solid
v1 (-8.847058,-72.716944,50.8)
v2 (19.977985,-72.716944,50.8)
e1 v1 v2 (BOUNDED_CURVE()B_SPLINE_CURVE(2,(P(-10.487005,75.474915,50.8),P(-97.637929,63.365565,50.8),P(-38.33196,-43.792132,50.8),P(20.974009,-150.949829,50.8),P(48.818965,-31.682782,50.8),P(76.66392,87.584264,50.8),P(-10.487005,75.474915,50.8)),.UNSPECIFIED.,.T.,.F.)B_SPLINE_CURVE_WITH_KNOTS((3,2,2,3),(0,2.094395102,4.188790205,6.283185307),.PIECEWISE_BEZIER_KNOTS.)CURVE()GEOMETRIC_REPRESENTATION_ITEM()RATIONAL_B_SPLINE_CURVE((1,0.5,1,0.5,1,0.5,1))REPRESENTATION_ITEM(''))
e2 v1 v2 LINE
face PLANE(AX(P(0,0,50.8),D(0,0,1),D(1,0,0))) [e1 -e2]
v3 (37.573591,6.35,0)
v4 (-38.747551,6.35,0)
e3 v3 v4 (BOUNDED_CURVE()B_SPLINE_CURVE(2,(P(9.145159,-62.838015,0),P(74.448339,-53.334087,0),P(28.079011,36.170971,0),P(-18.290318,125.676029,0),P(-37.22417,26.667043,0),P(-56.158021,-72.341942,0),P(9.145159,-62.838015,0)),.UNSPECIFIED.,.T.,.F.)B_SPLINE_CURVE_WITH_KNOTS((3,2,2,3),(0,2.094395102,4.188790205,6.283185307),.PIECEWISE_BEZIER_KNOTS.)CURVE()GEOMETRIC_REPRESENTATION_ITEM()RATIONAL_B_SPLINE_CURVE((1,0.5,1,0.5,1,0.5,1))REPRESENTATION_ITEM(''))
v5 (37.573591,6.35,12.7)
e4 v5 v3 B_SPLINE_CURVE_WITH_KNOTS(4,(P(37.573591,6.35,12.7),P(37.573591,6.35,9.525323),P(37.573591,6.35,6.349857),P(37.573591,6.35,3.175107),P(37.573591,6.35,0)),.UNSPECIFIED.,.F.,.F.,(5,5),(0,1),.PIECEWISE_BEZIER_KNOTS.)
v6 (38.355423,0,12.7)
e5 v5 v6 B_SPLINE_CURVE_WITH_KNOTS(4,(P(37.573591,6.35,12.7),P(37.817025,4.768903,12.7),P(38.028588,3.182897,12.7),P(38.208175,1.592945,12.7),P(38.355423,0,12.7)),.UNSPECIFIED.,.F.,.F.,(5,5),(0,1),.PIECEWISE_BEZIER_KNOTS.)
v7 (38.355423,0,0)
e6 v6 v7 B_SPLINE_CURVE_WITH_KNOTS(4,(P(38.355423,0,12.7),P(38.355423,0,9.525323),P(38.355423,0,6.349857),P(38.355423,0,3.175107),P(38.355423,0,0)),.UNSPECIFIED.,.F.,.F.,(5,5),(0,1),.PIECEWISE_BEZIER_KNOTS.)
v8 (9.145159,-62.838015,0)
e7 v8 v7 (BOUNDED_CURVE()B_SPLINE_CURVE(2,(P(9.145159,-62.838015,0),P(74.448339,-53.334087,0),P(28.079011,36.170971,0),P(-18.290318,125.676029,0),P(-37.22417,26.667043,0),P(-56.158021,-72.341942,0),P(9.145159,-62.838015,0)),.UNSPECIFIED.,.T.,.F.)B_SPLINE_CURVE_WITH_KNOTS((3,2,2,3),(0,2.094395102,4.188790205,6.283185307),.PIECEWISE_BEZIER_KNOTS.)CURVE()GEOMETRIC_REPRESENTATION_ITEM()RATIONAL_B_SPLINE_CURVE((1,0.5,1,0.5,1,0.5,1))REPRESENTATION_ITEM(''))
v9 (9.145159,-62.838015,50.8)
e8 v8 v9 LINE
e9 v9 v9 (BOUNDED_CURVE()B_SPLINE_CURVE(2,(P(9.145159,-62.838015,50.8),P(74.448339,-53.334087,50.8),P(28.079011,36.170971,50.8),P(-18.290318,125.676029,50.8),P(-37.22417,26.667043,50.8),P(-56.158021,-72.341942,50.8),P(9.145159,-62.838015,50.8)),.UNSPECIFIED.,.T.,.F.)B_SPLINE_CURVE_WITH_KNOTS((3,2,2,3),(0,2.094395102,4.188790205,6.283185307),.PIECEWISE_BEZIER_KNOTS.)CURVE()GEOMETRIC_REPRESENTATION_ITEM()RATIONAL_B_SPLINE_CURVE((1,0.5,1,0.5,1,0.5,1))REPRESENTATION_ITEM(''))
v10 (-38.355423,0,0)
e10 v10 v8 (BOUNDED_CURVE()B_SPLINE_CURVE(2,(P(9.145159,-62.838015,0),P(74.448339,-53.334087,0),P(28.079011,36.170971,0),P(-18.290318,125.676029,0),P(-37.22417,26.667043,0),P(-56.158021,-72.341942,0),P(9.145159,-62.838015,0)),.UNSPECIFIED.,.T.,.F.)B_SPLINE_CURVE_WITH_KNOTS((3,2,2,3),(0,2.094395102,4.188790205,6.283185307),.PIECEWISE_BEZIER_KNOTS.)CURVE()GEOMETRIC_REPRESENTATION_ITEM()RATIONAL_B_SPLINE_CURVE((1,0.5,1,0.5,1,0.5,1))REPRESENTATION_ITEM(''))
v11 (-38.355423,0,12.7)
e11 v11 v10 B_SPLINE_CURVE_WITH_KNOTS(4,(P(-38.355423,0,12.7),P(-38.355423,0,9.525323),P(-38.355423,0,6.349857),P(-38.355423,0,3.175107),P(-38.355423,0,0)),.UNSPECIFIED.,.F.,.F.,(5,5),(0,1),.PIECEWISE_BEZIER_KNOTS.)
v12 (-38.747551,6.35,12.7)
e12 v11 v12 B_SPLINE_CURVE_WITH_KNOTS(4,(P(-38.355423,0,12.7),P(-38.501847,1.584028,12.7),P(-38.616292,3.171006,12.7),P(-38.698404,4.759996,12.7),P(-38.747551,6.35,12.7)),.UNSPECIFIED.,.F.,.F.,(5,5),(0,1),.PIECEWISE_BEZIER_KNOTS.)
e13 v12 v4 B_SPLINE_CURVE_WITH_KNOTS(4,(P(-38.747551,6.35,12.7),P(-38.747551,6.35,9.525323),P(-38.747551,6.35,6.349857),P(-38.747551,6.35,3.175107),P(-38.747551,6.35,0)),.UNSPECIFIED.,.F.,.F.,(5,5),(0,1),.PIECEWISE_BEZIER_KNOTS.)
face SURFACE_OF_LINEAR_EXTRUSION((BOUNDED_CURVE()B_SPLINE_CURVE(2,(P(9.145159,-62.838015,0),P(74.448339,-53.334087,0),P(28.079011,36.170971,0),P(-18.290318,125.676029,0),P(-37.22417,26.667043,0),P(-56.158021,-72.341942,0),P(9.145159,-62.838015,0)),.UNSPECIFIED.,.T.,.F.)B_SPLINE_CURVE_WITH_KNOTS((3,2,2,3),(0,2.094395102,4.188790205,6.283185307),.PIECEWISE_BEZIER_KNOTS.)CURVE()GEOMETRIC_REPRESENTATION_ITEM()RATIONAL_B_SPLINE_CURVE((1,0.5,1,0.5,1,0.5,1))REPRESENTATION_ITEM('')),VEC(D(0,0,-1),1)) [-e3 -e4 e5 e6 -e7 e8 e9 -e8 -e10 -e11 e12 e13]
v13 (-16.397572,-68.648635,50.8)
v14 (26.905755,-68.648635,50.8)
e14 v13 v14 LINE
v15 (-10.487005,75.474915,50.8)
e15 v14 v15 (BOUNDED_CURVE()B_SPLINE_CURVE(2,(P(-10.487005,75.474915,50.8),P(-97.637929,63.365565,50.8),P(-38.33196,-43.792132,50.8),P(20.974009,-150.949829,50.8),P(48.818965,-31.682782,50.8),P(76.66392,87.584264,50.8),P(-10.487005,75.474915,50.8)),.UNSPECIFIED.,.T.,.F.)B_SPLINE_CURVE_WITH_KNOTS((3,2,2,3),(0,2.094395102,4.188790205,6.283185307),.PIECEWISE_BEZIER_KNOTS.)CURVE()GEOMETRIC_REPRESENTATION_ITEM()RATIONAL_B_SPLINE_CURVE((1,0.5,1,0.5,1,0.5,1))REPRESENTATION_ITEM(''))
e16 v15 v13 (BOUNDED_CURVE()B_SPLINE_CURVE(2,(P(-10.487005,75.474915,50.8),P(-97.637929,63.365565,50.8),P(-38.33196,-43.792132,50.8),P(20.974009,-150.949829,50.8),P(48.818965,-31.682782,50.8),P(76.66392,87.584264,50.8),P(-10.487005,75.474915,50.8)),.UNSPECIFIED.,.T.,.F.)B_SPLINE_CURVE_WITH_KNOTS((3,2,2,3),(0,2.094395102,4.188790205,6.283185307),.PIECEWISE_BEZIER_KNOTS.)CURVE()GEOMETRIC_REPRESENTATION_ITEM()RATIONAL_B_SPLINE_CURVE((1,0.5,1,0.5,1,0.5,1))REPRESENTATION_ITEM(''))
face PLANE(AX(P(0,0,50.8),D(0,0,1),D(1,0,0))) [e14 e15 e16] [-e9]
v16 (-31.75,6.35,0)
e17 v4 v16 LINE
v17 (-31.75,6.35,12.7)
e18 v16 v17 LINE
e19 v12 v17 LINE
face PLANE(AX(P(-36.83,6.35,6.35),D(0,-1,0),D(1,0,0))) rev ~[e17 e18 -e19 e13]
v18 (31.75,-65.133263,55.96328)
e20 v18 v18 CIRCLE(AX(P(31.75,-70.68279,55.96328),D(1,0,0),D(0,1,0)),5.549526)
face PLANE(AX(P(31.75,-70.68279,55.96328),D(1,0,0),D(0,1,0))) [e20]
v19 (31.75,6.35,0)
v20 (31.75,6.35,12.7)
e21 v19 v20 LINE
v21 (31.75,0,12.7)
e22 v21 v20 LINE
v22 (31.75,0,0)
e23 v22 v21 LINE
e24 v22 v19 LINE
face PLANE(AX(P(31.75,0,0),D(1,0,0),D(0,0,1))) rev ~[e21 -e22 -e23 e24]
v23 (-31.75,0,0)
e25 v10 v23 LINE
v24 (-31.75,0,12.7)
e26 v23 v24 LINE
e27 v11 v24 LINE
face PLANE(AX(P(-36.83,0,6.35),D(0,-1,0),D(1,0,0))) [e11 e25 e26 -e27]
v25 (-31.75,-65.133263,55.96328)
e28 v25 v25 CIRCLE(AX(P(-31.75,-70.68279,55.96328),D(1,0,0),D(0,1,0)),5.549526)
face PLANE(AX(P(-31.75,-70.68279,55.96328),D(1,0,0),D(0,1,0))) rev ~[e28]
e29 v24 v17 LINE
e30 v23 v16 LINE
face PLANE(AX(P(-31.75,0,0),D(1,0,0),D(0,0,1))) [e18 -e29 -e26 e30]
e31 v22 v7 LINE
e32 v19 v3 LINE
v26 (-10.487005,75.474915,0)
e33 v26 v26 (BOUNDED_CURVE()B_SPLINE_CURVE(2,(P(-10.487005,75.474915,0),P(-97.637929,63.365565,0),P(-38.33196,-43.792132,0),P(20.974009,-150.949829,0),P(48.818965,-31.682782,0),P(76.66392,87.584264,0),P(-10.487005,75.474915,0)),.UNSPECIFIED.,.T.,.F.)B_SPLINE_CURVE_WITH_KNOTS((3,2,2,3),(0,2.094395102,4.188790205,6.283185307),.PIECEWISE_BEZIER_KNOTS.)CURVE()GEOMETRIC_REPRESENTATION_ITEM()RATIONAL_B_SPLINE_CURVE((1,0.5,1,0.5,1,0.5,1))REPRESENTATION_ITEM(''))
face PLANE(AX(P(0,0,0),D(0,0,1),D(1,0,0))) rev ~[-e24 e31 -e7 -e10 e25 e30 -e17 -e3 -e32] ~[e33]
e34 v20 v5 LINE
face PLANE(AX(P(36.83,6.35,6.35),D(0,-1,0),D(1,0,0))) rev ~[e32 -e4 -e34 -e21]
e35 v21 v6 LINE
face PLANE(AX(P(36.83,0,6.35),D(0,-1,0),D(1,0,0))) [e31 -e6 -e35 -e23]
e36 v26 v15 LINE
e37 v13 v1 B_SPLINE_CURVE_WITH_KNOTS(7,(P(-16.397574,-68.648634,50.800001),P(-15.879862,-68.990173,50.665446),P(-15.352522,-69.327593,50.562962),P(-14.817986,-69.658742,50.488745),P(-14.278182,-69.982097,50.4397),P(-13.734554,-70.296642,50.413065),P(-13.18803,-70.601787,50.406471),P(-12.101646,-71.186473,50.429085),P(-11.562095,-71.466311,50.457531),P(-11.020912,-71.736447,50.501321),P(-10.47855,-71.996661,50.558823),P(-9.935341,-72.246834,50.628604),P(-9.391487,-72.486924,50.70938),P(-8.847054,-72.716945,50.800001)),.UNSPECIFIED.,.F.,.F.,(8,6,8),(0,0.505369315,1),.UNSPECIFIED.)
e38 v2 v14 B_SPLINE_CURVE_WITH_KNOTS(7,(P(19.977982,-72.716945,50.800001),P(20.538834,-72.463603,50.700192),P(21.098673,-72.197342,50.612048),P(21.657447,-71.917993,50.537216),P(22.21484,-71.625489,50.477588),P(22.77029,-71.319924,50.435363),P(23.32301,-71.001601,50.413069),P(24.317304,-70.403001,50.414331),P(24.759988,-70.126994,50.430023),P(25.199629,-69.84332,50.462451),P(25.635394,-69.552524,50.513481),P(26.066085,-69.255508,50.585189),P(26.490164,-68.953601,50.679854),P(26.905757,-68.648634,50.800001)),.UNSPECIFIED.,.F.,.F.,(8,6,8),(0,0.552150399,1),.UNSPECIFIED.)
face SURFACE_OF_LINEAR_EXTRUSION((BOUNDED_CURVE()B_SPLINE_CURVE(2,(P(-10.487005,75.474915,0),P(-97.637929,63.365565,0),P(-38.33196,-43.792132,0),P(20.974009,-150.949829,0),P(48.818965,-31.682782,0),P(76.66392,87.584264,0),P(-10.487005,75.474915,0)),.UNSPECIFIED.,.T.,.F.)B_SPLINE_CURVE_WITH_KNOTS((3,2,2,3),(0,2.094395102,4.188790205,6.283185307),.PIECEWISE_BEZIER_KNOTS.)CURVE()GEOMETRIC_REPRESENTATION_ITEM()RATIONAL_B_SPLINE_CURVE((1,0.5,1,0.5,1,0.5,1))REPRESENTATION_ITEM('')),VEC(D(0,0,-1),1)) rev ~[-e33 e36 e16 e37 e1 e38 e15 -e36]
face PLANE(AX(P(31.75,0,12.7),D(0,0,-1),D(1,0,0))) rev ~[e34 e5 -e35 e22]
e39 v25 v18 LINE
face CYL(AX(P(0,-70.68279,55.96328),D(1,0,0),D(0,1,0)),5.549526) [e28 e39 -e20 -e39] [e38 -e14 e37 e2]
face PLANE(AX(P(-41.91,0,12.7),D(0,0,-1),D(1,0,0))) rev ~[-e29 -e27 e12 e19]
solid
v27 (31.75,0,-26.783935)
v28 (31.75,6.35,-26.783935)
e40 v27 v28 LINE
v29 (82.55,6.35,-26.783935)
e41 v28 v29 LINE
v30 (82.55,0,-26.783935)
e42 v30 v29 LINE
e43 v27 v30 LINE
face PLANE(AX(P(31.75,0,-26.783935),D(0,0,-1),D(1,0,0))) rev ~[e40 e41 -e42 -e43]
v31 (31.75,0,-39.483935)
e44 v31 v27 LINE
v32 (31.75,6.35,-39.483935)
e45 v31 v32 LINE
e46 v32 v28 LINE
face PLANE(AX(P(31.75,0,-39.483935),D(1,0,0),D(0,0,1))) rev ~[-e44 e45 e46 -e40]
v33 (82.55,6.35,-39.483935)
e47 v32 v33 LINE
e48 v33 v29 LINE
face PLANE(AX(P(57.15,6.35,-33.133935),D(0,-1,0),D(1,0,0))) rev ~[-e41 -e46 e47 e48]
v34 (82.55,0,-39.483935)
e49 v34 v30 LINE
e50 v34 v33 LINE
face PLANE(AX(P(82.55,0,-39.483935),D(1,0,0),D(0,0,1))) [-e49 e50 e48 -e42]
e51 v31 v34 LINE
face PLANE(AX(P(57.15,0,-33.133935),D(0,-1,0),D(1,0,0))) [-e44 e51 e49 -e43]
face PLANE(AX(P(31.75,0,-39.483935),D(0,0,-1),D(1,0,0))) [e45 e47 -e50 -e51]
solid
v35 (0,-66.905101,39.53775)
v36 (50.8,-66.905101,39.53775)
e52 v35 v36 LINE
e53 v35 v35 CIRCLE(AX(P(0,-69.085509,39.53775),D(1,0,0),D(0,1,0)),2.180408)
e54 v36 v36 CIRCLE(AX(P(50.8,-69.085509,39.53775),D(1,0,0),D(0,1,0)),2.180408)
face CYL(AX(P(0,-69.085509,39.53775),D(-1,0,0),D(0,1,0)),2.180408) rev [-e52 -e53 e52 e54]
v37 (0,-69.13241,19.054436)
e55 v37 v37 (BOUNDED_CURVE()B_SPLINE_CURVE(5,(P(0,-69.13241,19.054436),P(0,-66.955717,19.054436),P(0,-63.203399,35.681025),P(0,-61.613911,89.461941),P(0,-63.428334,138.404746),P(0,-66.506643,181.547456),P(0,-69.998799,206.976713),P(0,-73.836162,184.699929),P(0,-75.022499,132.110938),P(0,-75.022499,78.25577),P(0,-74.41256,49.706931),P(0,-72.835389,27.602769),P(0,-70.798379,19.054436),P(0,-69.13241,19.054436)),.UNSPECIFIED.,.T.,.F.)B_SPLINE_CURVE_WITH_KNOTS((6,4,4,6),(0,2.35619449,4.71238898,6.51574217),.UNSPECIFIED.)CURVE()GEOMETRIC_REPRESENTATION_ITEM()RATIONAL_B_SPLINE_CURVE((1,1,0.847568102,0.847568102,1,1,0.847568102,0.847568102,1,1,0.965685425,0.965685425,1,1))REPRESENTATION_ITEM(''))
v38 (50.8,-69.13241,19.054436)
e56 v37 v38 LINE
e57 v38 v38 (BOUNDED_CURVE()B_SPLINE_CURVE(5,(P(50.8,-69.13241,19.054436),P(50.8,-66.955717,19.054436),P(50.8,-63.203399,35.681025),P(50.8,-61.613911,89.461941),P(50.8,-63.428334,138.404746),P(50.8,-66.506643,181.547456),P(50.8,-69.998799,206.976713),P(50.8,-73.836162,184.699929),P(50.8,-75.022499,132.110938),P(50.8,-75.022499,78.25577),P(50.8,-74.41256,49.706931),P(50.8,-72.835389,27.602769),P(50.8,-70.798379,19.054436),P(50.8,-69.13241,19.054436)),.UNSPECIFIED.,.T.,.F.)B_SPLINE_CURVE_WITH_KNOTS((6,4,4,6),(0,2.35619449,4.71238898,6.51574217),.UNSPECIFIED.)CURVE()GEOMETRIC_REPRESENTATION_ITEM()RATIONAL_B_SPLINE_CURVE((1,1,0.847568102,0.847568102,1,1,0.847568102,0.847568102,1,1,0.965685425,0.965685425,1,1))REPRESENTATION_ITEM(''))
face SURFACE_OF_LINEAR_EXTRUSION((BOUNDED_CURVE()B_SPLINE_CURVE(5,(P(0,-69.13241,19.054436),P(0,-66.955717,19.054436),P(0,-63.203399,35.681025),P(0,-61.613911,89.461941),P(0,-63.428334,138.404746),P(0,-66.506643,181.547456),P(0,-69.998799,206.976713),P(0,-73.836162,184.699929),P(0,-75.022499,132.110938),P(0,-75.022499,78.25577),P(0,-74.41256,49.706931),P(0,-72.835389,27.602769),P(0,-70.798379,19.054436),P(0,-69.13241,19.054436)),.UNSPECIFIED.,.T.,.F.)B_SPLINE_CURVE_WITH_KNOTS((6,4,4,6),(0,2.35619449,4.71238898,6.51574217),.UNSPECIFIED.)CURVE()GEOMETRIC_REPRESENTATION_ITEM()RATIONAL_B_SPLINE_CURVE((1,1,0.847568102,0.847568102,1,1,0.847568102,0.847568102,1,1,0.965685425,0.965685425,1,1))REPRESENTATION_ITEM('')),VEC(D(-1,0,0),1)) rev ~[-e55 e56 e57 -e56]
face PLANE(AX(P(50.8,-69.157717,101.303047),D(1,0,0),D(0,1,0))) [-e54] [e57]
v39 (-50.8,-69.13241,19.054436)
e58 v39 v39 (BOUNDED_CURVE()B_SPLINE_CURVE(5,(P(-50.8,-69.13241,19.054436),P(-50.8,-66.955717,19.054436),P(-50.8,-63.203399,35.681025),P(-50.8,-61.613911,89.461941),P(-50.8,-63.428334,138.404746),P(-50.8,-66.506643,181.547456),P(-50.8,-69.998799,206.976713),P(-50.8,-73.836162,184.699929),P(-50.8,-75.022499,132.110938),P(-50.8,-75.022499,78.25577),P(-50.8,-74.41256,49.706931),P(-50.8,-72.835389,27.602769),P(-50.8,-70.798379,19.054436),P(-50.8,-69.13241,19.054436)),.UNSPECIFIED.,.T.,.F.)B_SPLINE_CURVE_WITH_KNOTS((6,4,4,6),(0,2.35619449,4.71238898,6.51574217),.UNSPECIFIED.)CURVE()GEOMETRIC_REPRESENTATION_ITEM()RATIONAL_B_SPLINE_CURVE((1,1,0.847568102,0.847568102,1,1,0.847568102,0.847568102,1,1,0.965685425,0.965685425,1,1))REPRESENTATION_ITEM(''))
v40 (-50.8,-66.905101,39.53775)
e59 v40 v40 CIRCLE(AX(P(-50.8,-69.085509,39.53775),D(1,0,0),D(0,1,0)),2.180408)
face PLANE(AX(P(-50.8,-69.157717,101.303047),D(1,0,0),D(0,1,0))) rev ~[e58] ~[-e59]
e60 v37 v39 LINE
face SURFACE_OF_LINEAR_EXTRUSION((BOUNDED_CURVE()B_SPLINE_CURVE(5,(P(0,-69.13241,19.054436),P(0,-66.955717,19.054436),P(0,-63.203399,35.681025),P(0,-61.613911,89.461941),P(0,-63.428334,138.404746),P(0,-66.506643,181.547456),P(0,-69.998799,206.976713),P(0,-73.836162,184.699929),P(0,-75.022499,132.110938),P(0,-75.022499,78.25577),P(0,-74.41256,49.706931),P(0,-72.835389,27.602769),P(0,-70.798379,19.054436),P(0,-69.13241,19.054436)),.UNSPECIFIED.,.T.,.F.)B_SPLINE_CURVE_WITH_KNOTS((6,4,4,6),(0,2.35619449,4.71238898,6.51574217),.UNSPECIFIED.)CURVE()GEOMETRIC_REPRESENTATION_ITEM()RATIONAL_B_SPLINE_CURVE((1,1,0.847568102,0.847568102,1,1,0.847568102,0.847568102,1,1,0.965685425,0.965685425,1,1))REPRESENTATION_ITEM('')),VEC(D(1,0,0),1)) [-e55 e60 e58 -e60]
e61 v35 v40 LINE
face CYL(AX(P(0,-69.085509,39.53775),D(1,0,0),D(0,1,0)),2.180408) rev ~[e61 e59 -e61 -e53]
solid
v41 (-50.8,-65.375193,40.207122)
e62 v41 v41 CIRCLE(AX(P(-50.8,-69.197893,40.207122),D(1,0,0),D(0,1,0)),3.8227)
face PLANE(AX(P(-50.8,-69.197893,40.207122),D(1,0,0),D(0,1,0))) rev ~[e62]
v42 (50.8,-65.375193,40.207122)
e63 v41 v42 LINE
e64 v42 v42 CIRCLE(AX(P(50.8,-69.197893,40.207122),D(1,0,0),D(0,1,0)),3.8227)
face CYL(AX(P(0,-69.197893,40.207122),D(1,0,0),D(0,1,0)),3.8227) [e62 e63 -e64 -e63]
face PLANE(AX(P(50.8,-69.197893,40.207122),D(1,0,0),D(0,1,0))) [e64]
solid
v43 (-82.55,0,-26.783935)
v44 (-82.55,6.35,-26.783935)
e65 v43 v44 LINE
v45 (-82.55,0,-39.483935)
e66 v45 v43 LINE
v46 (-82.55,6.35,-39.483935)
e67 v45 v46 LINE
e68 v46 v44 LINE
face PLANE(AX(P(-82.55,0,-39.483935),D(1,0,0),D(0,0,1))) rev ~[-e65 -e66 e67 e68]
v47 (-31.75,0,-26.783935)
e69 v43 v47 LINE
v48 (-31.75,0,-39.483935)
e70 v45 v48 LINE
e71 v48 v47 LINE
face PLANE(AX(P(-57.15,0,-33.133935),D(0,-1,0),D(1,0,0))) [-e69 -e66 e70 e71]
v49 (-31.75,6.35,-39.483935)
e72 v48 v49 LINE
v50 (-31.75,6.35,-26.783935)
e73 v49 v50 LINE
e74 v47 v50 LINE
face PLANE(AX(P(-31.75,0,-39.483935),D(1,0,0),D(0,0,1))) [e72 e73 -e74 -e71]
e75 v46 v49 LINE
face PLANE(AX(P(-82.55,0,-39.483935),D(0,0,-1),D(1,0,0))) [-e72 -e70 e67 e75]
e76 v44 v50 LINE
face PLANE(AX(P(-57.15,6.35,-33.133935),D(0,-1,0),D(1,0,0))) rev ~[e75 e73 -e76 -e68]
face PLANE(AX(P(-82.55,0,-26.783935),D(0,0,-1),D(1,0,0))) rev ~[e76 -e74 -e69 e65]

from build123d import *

# Parameters (mm, degrees)
F1_DEPTH  = 50.8
F2_R      = 5.5495263184
F3_DEPTH  = 31.75
F4_R      = 2.1804078475
F5_DEPTH  = 50.8
F6_R      = 3.8227
F7_DEPTH  = 50.8
F8_W      = 10.16
F8_H      = 12.7
F9_DEPTH  = 6.35
F10_W     = 50.8
F10_H     = 12.7
F11_DEPTH = 6.35


with BuildPart() as f1:
    # F0 (on Top) → F1 (new body)
    with BuildSketch(Plane.XY):
        with BuildLine():
            add(Edge.make_bspline(
                [(-10.4870045821, 75.4749146067), (-97.6379291126, 63.3655647698), (-38.3319599742, -43.7921322218), (20.9740091642, -150.9498292135), (48.8189645563, -31.6827823849), (76.6639199484, 87.5842644437), (-10.4870045821, 75.4749146067)],
                knots=[0, 0, 0, 2.0943951024, 2.0943951024, 4.1887902048, 4.1887902048, 6.2831853072, 6.2831853072, 6.2831853072], degree=2, weights=[1, 0.5, 1, 0.5, 1, 0.5, 1]))
        make_face()
        with BuildLine():
            add(Edge.make_bspline(
                [(9.1451588351, -62.8380145285), (74.4483391211, -53.3340866811), (28.0790107255, 36.1709711879), (-18.2903176702, 125.676029057), (-37.2241695606, 26.6670433405), (-56.1580214509, -72.3419423759), (9.1451588351, -62.8380145285)],
                knots=[0, 0, 0, 2.0943951024, 2.0943951024, 4.1887902048, 4.1887902048, 6.2831853072, 6.2831853072, 6.2831853072], degree=2, weights=[1, 0.5, 1, 0.5, 1, 0.5, 1]))
        make_face(mode=Mode.SUBTRACT)
    extrude(amount=F1_DEPTH)

    # F2 (on Right) → F3 (join, symmetric)
    with BuildSketch(Plane.YZ):
        with Locations((-70.6827895261, 55.9632798788)):
            Circle(F2_R)
    extrude(amount=F3_DEPTH, both=True)

    # F8 (on Front) → F9 (join)
    with BuildSketch(Plane.XZ):
        with Locations((-36.83, 6.35)):
            Rectangle(F8_W, F8_H)
        with Locations((36.83, 6.35)):
            Rectangle(F8_W, F8_H)
    extrude(amount=-F9_DEPTH)


with BuildPart() as f5:
    # F4 (on Right) → F5 (new body, symmetric)
    with BuildSketch(Plane.YZ):
        with BuildLine():
            add(Edge.make_bspline(
                [(-75.0224989549, 101.6044362068), (-75.0224989549, 19.0544362068), (-69.1324099898, 19.0544362068)],
                knots=[4.7123889804, 4.7123889804, 4.7123889804, 6.2831853072, 6.2831853072, 6.2831853072], degree=2, weights=[1, 0.7071067812, 1]))
            add(Edge.make_bspline(
                [(-69.1324099898, 19.0544362068), (-54.9124773269, 19.0544362068), (-64.9674881409, 159.9761009938), (-75.0224989549, 300.8977657807), (-75.0224989549, 101.6044362068)],
                knots=[0, 0, 0, 2.3561944902, 2.3561944902, 4.7123889804, 4.7123889804, 4.7123889804], degree=2, weights=[1, 0.3826834324, 1, 0.3826834324, 1]))
        make_face()
        with Locations((-69.085508585, 39.5377501845)):
            Circle(F4_R, mode=Mode.SUBTRACT)
    extrude(amount=F5_DEPTH, both=True)


with BuildPart() as f7:
    # F6 (on Right) → F7 (new body, symmetric)
    with BuildSketch(Plane.YZ):
        with Locations((-69.1978931427, 40.2071215212)):
            Circle(F6_R)
    extrude(amount=F7_DEPTH, both=True)


with BuildPart() as f11:
    # F10 (on Front) → F11 (new body)
    with BuildSketch(Plane.XZ):
        with Locations((57.15, -33.1339346409)):
            Rectangle(F10_W, F10_H)
    extrude(amount=-F11_DEPTH)


with BuildPart() as f11b:
    # F10 (on Front) → F11, piece 2 (new body)
    with BuildSketch(Plane.XZ):
        with Locations((-57.15, -33.1339346409)):
            Rectangle(F10_W, F10_H)
    extrude(amount=-F11_DEPTH)


solid = Compound([f1.part, f5.part, f7.part, f11.part, f11b.part])
